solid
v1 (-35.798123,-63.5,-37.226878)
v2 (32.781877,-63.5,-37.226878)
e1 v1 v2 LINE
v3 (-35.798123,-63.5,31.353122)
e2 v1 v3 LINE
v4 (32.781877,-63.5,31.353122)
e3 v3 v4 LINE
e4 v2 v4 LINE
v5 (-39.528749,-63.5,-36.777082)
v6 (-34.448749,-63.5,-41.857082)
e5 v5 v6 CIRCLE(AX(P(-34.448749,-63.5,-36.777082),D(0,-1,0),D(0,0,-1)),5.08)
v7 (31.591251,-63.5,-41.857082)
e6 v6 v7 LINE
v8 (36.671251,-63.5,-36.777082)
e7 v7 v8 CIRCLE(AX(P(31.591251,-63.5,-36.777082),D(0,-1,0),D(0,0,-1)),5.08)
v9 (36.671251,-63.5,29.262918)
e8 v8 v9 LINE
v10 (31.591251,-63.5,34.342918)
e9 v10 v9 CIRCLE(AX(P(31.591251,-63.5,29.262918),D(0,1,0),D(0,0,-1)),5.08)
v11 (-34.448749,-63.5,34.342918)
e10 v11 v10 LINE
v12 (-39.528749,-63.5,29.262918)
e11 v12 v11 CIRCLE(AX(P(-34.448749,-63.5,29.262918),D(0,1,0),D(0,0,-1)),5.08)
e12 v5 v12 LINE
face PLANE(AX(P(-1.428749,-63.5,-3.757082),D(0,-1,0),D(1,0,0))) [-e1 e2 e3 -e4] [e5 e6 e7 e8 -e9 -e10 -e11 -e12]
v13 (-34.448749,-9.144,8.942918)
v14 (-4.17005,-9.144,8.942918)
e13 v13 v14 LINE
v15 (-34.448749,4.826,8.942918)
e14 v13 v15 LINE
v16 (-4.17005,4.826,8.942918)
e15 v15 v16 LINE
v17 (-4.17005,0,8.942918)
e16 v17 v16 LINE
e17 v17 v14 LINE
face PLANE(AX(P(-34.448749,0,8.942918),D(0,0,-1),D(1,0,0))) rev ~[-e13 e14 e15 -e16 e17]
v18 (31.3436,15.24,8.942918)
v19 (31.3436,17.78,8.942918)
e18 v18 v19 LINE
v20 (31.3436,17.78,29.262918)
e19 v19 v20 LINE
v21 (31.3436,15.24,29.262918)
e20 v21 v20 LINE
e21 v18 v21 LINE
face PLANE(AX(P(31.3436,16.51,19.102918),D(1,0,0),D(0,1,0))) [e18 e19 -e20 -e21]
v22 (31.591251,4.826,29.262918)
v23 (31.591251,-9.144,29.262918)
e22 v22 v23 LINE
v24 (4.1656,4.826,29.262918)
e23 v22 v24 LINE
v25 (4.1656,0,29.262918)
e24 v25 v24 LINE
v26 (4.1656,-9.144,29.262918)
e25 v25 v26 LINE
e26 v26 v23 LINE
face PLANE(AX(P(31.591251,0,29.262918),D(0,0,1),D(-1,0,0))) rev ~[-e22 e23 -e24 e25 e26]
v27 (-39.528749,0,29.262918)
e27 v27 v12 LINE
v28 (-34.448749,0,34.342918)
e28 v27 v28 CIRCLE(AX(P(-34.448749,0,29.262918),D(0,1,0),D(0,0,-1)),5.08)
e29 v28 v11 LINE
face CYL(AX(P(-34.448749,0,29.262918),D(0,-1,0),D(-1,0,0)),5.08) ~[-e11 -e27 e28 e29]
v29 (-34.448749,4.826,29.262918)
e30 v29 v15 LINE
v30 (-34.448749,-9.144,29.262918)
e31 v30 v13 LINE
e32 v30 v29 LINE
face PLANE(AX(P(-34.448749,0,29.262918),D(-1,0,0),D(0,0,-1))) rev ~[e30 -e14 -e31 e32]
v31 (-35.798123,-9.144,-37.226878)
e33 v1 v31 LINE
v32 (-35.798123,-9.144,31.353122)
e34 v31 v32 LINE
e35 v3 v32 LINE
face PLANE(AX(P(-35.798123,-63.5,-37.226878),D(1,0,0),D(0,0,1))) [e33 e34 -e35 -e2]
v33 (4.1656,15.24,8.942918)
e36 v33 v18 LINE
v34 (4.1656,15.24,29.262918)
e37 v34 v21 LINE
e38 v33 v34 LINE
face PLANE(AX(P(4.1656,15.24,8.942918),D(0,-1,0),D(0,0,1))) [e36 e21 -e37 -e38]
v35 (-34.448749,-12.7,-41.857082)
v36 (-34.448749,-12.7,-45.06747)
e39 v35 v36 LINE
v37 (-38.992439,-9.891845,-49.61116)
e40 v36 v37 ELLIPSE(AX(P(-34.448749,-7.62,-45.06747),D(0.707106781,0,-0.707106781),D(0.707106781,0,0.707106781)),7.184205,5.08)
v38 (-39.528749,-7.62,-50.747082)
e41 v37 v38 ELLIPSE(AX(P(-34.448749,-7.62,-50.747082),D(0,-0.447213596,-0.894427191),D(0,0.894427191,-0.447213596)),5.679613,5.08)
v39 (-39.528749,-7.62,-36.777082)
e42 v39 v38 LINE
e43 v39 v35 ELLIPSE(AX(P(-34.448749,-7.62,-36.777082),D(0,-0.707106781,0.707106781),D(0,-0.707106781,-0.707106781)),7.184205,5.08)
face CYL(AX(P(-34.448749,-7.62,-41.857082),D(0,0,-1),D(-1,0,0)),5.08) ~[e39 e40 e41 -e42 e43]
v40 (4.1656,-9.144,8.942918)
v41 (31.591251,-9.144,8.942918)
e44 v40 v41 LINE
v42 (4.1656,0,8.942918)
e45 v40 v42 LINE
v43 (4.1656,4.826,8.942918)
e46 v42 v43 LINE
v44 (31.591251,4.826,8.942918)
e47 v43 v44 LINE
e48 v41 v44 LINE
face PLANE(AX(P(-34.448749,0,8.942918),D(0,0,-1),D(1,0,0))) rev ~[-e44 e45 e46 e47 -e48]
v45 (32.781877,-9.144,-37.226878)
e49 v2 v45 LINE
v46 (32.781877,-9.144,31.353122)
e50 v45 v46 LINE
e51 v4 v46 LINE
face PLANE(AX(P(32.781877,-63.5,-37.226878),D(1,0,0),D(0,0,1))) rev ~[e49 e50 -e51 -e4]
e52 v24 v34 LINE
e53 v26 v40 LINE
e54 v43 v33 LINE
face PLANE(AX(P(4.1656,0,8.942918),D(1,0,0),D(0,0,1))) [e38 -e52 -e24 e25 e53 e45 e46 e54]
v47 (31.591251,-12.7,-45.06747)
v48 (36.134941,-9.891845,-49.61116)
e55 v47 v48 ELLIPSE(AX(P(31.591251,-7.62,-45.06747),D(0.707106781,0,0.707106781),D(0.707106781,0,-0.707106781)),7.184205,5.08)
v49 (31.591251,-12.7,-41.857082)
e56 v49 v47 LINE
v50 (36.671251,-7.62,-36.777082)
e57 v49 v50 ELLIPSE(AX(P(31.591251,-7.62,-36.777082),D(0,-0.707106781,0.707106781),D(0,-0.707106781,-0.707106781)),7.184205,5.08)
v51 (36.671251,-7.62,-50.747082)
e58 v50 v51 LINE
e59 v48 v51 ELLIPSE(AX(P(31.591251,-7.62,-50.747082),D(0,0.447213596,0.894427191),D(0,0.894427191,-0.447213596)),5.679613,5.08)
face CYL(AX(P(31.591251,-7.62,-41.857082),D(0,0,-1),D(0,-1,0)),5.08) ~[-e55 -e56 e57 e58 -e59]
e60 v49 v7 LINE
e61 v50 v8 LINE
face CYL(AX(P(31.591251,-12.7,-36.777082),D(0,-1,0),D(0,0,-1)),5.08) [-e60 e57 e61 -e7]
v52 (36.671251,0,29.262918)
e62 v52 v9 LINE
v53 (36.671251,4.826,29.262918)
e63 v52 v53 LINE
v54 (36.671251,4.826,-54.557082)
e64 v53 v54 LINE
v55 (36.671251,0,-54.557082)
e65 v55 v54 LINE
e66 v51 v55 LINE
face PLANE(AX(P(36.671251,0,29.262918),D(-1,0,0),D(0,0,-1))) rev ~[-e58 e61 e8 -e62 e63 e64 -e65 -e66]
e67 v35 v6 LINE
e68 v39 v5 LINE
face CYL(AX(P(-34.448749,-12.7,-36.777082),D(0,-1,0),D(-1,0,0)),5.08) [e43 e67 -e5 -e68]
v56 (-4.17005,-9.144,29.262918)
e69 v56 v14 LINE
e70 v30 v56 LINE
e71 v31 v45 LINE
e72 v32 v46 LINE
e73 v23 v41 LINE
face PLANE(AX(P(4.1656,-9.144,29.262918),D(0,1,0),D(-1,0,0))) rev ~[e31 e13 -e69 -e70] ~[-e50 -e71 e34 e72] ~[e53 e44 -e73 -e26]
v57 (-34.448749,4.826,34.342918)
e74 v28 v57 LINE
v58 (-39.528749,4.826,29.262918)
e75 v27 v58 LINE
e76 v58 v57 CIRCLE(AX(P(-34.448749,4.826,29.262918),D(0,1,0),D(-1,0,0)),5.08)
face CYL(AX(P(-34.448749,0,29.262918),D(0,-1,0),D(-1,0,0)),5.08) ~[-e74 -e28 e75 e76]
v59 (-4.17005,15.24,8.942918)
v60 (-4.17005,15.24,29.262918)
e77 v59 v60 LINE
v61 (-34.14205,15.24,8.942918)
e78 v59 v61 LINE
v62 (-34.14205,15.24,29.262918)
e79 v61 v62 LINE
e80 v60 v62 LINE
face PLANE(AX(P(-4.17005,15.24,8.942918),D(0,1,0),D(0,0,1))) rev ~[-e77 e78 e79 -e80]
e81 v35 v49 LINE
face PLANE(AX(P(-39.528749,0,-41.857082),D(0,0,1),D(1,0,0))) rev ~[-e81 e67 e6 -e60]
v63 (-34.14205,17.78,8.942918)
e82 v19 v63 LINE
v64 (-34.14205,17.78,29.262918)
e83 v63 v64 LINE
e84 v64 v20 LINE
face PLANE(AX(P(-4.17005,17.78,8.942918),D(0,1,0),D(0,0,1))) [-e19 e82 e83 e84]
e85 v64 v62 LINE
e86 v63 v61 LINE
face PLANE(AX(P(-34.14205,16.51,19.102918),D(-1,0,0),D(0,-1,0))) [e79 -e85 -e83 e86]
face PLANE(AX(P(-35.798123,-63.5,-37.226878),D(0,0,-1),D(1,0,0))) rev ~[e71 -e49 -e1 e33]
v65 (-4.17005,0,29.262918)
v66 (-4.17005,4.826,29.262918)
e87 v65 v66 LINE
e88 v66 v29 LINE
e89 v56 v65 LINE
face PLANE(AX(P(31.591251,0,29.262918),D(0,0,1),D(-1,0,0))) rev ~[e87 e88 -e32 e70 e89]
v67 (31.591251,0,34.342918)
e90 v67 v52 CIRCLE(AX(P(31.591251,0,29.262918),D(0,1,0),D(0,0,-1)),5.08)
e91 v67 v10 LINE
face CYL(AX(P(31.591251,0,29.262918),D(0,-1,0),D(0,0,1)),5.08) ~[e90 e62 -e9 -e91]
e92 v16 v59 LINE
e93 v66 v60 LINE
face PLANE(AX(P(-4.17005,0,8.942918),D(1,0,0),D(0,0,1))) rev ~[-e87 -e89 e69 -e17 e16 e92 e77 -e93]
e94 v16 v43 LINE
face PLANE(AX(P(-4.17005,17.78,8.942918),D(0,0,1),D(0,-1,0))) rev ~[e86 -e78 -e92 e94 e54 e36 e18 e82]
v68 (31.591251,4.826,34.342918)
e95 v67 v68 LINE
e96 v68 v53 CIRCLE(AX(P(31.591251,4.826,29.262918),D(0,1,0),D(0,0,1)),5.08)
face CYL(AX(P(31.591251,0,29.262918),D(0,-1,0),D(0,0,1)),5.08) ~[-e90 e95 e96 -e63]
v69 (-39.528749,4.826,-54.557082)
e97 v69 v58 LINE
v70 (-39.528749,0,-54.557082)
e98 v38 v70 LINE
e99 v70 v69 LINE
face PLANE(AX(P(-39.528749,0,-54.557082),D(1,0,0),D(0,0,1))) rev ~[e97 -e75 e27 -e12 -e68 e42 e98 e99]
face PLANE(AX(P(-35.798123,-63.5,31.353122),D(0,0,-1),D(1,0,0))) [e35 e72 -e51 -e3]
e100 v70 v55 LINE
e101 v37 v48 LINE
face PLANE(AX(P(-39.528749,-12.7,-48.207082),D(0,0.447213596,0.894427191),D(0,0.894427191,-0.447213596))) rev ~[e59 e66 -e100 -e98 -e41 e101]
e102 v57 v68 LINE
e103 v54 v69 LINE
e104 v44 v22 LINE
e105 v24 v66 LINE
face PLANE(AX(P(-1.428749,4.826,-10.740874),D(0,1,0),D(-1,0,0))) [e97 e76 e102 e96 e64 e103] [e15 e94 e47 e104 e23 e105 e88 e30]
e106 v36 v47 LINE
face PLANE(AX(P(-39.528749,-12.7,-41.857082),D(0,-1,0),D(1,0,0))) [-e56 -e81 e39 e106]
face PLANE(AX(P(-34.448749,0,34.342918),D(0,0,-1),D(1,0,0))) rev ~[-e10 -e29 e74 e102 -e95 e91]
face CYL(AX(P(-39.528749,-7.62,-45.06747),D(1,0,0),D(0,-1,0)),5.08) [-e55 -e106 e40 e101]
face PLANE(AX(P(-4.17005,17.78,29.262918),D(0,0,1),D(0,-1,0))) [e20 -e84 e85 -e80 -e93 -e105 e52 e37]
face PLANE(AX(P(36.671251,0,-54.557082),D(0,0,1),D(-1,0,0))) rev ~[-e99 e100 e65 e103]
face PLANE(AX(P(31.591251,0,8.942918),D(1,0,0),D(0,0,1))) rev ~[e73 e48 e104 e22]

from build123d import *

# Parameters (mm, degrees)
F0_W      = 76.2
F0_H      = 76.2
F1_DEPTH  = 63.5
F2_W      = 68.58
F2_H      = 68.58
F3_DEPTH  = 54.356
F4_W      = 76.2
F4_H      = 12.7
F5_DEPTH  = 12.7
F7_DEPTH  = 81.788
F8_R      = 5.08
F9_W      = 66.04
F9_H      = 20.32
F10_DEPTH = 25.4
F12_DEPTH = 25.4
F13_W     = 8.3356503789
F13_H     = 20.32
F14_DEPTH = 17.78
F15_W     = 2.54
F15_H     = 20.32
F16_DEPTH = 27.178
F17_W     = 2.54
F17_H     = 20.32
F18_DEPTH = 29.972
F20_DEPTH = 4.826


with BuildPart() as f1:
    # F0 (on Front) → F1 (new body)
    with BuildSketch(Plane.XZ):
        with Locations((-1.4287489414, -3.7570823967)):
            Rectangle(F0_W, F0_H)
    extrude(amount=F1_DEPTH)

    # F2 (on face) → F3 (cut)
    with BuildSketch(Plane.XZ.offset(63.5)):
        with Locations((-1.5081233764, -2.9368781066)):
            Rectangle(F2_W, F2_H)
    extrude(amount=-F3_DEPTH, mode=Mode.SUBTRACT)

    # F4 (on face) → F5 (join)
    with BuildSketch(Plane(origin=(0, 0, -41.8570823967), x_dir=(1, 0, 0), z_dir=(0, 0, -1))):
        with Locations((-1.4287489414, 6.35)):
            Rectangle(F4_W, F4_H)
    extrude(amount=F5_DEPTH)

    # F6 (on face) → F7 (cut)
    with BuildSketch(Plane(origin=(-39.5287489414, 0, 0), x_dir=(0, -1, 0), z_dir=(-1, 0, 0))):
        Polygon((12.7, -48.2070823967), (0, -54.5570823967), (12.7, -54.5570823967), align=None)
    extrude(amount=-F7_DEPTH, mode=Mode.SUBTRACT)

    # F8
    f8_edges = [f1.edges().sort_by_distance(p)[0] for p in [
        (-39.528749, -38.1, -41.857082),
        (36.671251, -38.1, -41.857082),
        (-1.428749, -12.7, -48.207082),
        (-39.528749, -12.7, -45.032082),
        (36.671251, -12.7, -45.032082),
        (36.671251, -31.75, 34.342918),
        (-39.528749, -31.75, 34.342918),
    ]]
    fillet(f8_edges, radius=F8_R)

    # F9 (on face) → F10 (cut)
    with BuildSketch(Plane(origin=(0, 0, 0), x_dir=(-1, 0, 0), z_dir=(0, 1, 0))):
        with Locations((1.4287489414, 19.1029176033)):
            Rectangle(F9_W, F9_H)
    extrude(amount=-F10_DEPTH, mode=Mode.SUBTRACT)

    # F11 (on face) → F12 (join)
    with BuildSketch(Plane(origin=(0, 0, 29.2629176033), x_dir=(1, 0, 0), z_dir=(0, 0, -1))):
        Polygon((4.1656, 9.144), (-4.1700503789, 9.144), (-4.1700503789, 0), (0, 0), (4.1656, 0), align=None)
    extrude(amount=F12_DEPTH)

    # F13 (on face) → F14 (join)
    with BuildSketch(Plane(origin=(0, 0, 0), x_dir=(-1, 0, 0), z_dir=(0, 1, 0))):
        with Locations((0.0022251894, 19.1029176033)):
            Rectangle(F13_W, F13_H)
    extrude(amount=F14_DEPTH)

    # F15 (on face) → F16 (join)
    with BuildSketch(Plane.YZ.offset(4.1656)):
        with Locations((16.51, 19.1029176033)):
            Rectangle(F15_W, F15_H)
    extrude(amount=F16_DEPTH)

    # F17 (on face) → F18 (join)
    with BuildSketch(Plane(origin=(-4.1700503789, 0, 0), x_dir=(0, -1, 0), z_dir=(-1, 0, 0))):
        with Locations((-16.51, 19.1029176033)):
            Rectangle(F17_W, F17_H)
    extrude(amount=F18_DEPTH)

    # F19 (on face) → F20 (join)
    with BuildSketch(Plane(origin=(0, 0, 0), x_dir=(-1, 0, 0), z_dir=(0, 1, 0))):
        with BuildLine():
            ThreePointArc((39.5287489414, 29.2629176033), (38.0408513898, 32.8550200517), (34.4487489414, 34.3429176033))
            Line((34.4487489414, 34.3429176033), (-31.5912510586, 34.3429176033))
            ThreePointArc((-31.5912510586, 34.3429176033), (-35.183353507, 32.8550200517), (-36.6712510586, 29.2629176033))
            Line((-36.6712510586, 29.2629176033), (-36.6712510586, -54.5570823967))
            Line((-36.6712510586, -54.5570823967), (39.5287489414, -54.5570823967))
            Line((39.5287489414, -54.5570823967), (39.5287489414, 29.2629176033))
        make_face()
        Polygon((34.4487489414, 29.2629176033), (34.4487489414, 8.9429176033), (4.1700503789, 8.9429176033), (-4.1656, 8.9429176033), (-31.5912510586, 8.9429176033), (-31.5912510586, 29.2629176033), (-4.1656, 29.2629176033), (4.1700503789, 29.2629176033), align=None, mode=Mode.SUBTRACT)
    extrude(amount=F20_DEPTH)


solid = f1.part
